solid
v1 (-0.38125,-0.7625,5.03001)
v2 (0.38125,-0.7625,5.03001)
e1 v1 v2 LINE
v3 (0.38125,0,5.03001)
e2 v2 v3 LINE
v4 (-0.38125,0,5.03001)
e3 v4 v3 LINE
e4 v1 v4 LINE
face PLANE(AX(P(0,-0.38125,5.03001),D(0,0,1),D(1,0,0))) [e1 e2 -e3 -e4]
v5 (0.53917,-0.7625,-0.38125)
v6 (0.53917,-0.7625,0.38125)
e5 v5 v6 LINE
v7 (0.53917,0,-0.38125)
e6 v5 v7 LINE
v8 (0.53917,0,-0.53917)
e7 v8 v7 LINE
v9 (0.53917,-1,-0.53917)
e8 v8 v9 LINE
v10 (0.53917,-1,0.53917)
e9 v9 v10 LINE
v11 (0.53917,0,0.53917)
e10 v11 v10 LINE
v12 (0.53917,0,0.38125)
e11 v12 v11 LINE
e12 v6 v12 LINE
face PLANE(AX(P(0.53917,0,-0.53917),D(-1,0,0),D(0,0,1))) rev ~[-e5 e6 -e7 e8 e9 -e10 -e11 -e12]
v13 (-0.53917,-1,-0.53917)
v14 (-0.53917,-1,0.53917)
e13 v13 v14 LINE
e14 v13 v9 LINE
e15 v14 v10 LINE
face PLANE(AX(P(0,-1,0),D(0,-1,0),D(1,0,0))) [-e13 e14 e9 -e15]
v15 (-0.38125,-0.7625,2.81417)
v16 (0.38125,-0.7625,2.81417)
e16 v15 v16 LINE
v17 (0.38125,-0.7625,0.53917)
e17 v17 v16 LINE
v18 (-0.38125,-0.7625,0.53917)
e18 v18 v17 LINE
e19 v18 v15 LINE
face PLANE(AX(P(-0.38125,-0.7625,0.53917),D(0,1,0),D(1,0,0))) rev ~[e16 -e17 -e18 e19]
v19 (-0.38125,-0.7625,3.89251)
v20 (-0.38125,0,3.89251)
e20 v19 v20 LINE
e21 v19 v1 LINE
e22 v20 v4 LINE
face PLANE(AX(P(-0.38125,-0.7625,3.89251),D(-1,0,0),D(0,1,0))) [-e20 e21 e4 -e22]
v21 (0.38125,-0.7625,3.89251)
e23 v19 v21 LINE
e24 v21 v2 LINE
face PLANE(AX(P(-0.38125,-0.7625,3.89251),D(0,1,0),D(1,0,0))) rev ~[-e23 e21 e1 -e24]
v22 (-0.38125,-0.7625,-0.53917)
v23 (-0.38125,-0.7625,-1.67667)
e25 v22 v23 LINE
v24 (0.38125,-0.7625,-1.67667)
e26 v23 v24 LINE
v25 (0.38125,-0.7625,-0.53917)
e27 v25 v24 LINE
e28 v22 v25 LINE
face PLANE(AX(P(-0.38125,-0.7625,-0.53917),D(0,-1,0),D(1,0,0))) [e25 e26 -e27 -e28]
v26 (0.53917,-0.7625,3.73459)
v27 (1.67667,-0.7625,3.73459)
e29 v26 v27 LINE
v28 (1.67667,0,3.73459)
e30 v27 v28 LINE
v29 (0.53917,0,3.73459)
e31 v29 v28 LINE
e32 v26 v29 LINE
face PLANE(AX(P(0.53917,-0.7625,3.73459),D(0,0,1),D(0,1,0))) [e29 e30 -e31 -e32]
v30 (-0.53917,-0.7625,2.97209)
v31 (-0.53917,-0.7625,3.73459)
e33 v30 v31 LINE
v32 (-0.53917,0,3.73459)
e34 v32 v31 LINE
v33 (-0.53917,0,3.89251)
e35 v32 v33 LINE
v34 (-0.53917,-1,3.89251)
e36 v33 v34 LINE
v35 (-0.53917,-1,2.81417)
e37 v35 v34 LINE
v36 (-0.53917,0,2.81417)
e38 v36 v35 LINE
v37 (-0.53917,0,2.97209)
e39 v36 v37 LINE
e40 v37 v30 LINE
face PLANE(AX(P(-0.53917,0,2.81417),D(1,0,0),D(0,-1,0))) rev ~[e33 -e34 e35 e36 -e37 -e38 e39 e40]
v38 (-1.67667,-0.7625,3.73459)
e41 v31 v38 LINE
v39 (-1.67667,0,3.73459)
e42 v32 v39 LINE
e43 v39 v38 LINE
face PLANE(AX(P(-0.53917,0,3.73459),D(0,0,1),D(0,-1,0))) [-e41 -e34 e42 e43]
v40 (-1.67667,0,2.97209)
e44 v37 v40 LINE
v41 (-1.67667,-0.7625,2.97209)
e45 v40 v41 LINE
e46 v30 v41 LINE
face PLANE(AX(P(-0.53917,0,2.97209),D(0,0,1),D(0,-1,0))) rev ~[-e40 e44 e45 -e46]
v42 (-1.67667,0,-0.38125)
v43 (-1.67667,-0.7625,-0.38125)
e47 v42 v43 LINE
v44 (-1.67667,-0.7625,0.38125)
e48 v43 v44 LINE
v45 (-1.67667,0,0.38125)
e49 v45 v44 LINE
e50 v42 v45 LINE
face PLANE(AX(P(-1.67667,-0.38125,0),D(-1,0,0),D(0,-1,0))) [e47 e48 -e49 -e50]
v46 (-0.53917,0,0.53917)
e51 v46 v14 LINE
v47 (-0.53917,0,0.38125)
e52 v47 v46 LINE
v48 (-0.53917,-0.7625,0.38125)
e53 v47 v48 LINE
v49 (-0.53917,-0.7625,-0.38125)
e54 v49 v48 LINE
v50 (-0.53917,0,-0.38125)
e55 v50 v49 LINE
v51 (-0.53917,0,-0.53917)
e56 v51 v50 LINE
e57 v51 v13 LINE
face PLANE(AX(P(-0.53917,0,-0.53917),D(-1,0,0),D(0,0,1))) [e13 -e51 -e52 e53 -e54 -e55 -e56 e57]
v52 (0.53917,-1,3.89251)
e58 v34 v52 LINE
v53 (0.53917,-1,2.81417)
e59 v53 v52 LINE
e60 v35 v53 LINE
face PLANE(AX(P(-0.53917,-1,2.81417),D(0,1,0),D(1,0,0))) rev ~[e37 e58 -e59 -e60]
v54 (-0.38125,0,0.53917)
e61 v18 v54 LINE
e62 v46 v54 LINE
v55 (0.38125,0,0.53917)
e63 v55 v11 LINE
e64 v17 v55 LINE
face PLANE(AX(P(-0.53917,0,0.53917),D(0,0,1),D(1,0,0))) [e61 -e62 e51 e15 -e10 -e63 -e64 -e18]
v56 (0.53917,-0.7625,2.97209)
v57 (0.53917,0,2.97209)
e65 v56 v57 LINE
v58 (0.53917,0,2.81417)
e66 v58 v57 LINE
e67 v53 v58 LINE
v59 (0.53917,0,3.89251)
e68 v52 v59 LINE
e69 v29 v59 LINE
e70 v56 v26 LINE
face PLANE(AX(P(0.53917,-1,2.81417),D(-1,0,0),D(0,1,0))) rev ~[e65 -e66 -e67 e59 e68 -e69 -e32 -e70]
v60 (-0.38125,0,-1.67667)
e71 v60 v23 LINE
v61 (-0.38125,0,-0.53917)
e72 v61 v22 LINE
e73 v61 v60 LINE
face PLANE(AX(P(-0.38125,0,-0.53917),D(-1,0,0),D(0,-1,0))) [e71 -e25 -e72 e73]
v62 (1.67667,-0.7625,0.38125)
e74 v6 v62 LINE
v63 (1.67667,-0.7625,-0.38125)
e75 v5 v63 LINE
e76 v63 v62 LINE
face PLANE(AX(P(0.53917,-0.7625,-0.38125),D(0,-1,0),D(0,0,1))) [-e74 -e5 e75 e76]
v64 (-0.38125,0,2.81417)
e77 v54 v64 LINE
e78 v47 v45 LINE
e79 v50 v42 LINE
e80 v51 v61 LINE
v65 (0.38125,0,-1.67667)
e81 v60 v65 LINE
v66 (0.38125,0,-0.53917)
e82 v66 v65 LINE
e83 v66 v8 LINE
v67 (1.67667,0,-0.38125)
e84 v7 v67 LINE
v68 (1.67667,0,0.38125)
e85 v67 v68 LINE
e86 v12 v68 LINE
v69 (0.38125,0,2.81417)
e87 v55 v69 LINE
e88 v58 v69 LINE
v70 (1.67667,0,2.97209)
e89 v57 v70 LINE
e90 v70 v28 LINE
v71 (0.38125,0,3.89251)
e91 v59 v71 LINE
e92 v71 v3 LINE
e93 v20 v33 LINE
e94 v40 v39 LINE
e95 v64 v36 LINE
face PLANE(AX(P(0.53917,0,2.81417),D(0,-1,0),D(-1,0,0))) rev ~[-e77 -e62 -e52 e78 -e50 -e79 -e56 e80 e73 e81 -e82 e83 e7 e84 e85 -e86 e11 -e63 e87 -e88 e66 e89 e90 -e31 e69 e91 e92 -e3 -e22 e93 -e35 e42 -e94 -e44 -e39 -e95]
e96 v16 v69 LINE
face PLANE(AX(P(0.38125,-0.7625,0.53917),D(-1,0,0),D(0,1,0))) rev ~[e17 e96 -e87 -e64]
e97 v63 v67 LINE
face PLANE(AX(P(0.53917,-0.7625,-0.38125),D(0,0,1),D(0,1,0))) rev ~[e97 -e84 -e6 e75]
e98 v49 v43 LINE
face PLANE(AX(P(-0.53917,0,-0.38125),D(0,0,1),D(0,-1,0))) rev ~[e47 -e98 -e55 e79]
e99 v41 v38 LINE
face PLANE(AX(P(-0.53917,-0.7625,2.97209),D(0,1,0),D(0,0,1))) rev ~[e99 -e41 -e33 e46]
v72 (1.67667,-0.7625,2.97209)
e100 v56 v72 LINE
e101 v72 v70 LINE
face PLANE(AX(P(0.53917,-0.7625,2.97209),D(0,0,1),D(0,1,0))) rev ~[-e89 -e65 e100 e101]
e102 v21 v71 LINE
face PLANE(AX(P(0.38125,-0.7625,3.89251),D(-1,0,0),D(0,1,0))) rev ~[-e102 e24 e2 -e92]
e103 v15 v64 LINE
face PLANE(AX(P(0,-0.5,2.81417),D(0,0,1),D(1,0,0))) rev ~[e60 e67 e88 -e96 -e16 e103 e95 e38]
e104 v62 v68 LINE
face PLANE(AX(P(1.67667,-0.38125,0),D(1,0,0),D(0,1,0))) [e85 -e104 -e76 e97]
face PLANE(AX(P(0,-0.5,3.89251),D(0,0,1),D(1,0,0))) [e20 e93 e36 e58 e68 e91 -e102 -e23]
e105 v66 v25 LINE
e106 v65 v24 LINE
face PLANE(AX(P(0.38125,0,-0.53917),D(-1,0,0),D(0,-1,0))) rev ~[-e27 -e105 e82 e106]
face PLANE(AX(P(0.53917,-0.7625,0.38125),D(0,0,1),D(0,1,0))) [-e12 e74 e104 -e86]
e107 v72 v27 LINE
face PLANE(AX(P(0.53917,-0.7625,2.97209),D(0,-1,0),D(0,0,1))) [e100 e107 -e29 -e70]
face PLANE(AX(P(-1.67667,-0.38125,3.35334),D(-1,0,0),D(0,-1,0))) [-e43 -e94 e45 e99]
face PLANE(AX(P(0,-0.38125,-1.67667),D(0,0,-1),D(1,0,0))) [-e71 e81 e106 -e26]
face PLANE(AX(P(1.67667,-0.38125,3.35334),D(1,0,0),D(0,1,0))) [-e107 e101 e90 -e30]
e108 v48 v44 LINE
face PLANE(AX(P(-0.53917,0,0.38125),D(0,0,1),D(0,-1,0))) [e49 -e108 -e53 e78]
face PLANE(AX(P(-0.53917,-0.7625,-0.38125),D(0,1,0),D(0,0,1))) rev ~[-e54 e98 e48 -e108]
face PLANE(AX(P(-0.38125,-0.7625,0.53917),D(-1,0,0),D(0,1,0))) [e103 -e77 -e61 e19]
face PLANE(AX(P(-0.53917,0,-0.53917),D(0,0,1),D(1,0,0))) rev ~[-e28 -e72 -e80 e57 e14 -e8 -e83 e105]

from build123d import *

# Parameters (mm, degrees)
F0_W      = 1.07834
F0_H      = 1.07834
F1_DEPTH  = 1
F2_W      = 0.7625
F2_H      = 0.7625
F3_DEPTH  = 1.1375
F4_W      = 0.7625
F4_H      = 0.7625
F5_DEPTH  = 1.1375
F6_W      = 0.7625
F6_H      = 0.7625
F7_DEPTH  = 1.1375
F8_W      = 0.7625
F8_H      = 0.7625
F9_DEPTH  = 2.275
F11_DEPTH = 1.07834
F12_W     = 0.7625
F12_H     = 0.7625
F13_DEPTH = 1.1375
F14_W     = 0.7625
F14_H     = 0.7625
F15_DEPTH = 1.1375
F16_W     = 0.7625
F16_H     = 0.7625
F17_DEPTH = 1.1375


with BuildPart() as f1:
    # F0 (on Front) → F1 (new body)
    with BuildSketch(Plane.XZ):
        Rectangle(F0_W, F0_H)
    extrude(amount=F1_DEPTH)

    # F2 (on face) → F3 (join)
    with BuildSketch(Plane(origin=(0, 0, -0.53917), x_dir=(1, 0, 0), z_dir=(0, 0, -1))):
        with Locations((0, 0.38125)):
            Rectangle(F2_W, F2_H)
    extrude(amount=F3_DEPTH)

    # F4 (on face) → F5 (join)
    with BuildSketch(Plane(origin=(-0.53917, 0, 0), x_dir=(0, -1, 0), z_dir=(-1, 0, 0))):
        with Locations((0.38125, 0)):
            Rectangle(F4_W, F4_H)
    extrude(amount=F5_DEPTH)

    # F6 (on face) → F7 (join)
    with BuildSketch(Plane.YZ.offset(0.53917)):
        with Locations((-0.38125, 0)):
            Rectangle(F6_W, F6_H)
    extrude(amount=F7_DEPTH)

    # F8 (on face) → F9 (join)
    with BuildSketch(Plane.XY.offset(0.53917)):
        with Locations((0, -0.38125)):
            Rectangle(F8_W, F8_H)
    extrude(amount=F9_DEPTH)

    # F10 (on face) → F11 (join)
    with BuildSketch(Plane.XY.offset(2.81417)):
        Polygon((0.53917, 0), (0.38125, 0), (-0.53917, 0), (-0.53917, -1), (0.53917, -1), align=None)
    extrude(amount=F11_DEPTH)

    # F12 (on face) → F13 (join)
    with BuildSketch(Plane.YZ.offset(0.53917)):
        with Locations((-0.38125, 3.35334)):
            Rectangle(F12_W, F12_H)
    extrude(amount=F13_DEPTH)

    # F14 (on face) → F15 (join)
    with BuildSketch(Plane.XY.offset(3.89251)):
        with Locations((0, -0.38125)):
            Rectangle(F14_W, F14_H)
    extrude(amount=F15_DEPTH)

    # F16 (on face) → F17 (join)
    with BuildSketch(Plane(origin=(-0.53917, 0, 0), x_dir=(0, -1, 0), z_dir=(-1, 0, 0))):
        with Locations((0.38125, 3.35334)):
            Rectangle(F16_W, F16_H)
    extrude(amount=F17_DEPTH)


solid = f1.part
